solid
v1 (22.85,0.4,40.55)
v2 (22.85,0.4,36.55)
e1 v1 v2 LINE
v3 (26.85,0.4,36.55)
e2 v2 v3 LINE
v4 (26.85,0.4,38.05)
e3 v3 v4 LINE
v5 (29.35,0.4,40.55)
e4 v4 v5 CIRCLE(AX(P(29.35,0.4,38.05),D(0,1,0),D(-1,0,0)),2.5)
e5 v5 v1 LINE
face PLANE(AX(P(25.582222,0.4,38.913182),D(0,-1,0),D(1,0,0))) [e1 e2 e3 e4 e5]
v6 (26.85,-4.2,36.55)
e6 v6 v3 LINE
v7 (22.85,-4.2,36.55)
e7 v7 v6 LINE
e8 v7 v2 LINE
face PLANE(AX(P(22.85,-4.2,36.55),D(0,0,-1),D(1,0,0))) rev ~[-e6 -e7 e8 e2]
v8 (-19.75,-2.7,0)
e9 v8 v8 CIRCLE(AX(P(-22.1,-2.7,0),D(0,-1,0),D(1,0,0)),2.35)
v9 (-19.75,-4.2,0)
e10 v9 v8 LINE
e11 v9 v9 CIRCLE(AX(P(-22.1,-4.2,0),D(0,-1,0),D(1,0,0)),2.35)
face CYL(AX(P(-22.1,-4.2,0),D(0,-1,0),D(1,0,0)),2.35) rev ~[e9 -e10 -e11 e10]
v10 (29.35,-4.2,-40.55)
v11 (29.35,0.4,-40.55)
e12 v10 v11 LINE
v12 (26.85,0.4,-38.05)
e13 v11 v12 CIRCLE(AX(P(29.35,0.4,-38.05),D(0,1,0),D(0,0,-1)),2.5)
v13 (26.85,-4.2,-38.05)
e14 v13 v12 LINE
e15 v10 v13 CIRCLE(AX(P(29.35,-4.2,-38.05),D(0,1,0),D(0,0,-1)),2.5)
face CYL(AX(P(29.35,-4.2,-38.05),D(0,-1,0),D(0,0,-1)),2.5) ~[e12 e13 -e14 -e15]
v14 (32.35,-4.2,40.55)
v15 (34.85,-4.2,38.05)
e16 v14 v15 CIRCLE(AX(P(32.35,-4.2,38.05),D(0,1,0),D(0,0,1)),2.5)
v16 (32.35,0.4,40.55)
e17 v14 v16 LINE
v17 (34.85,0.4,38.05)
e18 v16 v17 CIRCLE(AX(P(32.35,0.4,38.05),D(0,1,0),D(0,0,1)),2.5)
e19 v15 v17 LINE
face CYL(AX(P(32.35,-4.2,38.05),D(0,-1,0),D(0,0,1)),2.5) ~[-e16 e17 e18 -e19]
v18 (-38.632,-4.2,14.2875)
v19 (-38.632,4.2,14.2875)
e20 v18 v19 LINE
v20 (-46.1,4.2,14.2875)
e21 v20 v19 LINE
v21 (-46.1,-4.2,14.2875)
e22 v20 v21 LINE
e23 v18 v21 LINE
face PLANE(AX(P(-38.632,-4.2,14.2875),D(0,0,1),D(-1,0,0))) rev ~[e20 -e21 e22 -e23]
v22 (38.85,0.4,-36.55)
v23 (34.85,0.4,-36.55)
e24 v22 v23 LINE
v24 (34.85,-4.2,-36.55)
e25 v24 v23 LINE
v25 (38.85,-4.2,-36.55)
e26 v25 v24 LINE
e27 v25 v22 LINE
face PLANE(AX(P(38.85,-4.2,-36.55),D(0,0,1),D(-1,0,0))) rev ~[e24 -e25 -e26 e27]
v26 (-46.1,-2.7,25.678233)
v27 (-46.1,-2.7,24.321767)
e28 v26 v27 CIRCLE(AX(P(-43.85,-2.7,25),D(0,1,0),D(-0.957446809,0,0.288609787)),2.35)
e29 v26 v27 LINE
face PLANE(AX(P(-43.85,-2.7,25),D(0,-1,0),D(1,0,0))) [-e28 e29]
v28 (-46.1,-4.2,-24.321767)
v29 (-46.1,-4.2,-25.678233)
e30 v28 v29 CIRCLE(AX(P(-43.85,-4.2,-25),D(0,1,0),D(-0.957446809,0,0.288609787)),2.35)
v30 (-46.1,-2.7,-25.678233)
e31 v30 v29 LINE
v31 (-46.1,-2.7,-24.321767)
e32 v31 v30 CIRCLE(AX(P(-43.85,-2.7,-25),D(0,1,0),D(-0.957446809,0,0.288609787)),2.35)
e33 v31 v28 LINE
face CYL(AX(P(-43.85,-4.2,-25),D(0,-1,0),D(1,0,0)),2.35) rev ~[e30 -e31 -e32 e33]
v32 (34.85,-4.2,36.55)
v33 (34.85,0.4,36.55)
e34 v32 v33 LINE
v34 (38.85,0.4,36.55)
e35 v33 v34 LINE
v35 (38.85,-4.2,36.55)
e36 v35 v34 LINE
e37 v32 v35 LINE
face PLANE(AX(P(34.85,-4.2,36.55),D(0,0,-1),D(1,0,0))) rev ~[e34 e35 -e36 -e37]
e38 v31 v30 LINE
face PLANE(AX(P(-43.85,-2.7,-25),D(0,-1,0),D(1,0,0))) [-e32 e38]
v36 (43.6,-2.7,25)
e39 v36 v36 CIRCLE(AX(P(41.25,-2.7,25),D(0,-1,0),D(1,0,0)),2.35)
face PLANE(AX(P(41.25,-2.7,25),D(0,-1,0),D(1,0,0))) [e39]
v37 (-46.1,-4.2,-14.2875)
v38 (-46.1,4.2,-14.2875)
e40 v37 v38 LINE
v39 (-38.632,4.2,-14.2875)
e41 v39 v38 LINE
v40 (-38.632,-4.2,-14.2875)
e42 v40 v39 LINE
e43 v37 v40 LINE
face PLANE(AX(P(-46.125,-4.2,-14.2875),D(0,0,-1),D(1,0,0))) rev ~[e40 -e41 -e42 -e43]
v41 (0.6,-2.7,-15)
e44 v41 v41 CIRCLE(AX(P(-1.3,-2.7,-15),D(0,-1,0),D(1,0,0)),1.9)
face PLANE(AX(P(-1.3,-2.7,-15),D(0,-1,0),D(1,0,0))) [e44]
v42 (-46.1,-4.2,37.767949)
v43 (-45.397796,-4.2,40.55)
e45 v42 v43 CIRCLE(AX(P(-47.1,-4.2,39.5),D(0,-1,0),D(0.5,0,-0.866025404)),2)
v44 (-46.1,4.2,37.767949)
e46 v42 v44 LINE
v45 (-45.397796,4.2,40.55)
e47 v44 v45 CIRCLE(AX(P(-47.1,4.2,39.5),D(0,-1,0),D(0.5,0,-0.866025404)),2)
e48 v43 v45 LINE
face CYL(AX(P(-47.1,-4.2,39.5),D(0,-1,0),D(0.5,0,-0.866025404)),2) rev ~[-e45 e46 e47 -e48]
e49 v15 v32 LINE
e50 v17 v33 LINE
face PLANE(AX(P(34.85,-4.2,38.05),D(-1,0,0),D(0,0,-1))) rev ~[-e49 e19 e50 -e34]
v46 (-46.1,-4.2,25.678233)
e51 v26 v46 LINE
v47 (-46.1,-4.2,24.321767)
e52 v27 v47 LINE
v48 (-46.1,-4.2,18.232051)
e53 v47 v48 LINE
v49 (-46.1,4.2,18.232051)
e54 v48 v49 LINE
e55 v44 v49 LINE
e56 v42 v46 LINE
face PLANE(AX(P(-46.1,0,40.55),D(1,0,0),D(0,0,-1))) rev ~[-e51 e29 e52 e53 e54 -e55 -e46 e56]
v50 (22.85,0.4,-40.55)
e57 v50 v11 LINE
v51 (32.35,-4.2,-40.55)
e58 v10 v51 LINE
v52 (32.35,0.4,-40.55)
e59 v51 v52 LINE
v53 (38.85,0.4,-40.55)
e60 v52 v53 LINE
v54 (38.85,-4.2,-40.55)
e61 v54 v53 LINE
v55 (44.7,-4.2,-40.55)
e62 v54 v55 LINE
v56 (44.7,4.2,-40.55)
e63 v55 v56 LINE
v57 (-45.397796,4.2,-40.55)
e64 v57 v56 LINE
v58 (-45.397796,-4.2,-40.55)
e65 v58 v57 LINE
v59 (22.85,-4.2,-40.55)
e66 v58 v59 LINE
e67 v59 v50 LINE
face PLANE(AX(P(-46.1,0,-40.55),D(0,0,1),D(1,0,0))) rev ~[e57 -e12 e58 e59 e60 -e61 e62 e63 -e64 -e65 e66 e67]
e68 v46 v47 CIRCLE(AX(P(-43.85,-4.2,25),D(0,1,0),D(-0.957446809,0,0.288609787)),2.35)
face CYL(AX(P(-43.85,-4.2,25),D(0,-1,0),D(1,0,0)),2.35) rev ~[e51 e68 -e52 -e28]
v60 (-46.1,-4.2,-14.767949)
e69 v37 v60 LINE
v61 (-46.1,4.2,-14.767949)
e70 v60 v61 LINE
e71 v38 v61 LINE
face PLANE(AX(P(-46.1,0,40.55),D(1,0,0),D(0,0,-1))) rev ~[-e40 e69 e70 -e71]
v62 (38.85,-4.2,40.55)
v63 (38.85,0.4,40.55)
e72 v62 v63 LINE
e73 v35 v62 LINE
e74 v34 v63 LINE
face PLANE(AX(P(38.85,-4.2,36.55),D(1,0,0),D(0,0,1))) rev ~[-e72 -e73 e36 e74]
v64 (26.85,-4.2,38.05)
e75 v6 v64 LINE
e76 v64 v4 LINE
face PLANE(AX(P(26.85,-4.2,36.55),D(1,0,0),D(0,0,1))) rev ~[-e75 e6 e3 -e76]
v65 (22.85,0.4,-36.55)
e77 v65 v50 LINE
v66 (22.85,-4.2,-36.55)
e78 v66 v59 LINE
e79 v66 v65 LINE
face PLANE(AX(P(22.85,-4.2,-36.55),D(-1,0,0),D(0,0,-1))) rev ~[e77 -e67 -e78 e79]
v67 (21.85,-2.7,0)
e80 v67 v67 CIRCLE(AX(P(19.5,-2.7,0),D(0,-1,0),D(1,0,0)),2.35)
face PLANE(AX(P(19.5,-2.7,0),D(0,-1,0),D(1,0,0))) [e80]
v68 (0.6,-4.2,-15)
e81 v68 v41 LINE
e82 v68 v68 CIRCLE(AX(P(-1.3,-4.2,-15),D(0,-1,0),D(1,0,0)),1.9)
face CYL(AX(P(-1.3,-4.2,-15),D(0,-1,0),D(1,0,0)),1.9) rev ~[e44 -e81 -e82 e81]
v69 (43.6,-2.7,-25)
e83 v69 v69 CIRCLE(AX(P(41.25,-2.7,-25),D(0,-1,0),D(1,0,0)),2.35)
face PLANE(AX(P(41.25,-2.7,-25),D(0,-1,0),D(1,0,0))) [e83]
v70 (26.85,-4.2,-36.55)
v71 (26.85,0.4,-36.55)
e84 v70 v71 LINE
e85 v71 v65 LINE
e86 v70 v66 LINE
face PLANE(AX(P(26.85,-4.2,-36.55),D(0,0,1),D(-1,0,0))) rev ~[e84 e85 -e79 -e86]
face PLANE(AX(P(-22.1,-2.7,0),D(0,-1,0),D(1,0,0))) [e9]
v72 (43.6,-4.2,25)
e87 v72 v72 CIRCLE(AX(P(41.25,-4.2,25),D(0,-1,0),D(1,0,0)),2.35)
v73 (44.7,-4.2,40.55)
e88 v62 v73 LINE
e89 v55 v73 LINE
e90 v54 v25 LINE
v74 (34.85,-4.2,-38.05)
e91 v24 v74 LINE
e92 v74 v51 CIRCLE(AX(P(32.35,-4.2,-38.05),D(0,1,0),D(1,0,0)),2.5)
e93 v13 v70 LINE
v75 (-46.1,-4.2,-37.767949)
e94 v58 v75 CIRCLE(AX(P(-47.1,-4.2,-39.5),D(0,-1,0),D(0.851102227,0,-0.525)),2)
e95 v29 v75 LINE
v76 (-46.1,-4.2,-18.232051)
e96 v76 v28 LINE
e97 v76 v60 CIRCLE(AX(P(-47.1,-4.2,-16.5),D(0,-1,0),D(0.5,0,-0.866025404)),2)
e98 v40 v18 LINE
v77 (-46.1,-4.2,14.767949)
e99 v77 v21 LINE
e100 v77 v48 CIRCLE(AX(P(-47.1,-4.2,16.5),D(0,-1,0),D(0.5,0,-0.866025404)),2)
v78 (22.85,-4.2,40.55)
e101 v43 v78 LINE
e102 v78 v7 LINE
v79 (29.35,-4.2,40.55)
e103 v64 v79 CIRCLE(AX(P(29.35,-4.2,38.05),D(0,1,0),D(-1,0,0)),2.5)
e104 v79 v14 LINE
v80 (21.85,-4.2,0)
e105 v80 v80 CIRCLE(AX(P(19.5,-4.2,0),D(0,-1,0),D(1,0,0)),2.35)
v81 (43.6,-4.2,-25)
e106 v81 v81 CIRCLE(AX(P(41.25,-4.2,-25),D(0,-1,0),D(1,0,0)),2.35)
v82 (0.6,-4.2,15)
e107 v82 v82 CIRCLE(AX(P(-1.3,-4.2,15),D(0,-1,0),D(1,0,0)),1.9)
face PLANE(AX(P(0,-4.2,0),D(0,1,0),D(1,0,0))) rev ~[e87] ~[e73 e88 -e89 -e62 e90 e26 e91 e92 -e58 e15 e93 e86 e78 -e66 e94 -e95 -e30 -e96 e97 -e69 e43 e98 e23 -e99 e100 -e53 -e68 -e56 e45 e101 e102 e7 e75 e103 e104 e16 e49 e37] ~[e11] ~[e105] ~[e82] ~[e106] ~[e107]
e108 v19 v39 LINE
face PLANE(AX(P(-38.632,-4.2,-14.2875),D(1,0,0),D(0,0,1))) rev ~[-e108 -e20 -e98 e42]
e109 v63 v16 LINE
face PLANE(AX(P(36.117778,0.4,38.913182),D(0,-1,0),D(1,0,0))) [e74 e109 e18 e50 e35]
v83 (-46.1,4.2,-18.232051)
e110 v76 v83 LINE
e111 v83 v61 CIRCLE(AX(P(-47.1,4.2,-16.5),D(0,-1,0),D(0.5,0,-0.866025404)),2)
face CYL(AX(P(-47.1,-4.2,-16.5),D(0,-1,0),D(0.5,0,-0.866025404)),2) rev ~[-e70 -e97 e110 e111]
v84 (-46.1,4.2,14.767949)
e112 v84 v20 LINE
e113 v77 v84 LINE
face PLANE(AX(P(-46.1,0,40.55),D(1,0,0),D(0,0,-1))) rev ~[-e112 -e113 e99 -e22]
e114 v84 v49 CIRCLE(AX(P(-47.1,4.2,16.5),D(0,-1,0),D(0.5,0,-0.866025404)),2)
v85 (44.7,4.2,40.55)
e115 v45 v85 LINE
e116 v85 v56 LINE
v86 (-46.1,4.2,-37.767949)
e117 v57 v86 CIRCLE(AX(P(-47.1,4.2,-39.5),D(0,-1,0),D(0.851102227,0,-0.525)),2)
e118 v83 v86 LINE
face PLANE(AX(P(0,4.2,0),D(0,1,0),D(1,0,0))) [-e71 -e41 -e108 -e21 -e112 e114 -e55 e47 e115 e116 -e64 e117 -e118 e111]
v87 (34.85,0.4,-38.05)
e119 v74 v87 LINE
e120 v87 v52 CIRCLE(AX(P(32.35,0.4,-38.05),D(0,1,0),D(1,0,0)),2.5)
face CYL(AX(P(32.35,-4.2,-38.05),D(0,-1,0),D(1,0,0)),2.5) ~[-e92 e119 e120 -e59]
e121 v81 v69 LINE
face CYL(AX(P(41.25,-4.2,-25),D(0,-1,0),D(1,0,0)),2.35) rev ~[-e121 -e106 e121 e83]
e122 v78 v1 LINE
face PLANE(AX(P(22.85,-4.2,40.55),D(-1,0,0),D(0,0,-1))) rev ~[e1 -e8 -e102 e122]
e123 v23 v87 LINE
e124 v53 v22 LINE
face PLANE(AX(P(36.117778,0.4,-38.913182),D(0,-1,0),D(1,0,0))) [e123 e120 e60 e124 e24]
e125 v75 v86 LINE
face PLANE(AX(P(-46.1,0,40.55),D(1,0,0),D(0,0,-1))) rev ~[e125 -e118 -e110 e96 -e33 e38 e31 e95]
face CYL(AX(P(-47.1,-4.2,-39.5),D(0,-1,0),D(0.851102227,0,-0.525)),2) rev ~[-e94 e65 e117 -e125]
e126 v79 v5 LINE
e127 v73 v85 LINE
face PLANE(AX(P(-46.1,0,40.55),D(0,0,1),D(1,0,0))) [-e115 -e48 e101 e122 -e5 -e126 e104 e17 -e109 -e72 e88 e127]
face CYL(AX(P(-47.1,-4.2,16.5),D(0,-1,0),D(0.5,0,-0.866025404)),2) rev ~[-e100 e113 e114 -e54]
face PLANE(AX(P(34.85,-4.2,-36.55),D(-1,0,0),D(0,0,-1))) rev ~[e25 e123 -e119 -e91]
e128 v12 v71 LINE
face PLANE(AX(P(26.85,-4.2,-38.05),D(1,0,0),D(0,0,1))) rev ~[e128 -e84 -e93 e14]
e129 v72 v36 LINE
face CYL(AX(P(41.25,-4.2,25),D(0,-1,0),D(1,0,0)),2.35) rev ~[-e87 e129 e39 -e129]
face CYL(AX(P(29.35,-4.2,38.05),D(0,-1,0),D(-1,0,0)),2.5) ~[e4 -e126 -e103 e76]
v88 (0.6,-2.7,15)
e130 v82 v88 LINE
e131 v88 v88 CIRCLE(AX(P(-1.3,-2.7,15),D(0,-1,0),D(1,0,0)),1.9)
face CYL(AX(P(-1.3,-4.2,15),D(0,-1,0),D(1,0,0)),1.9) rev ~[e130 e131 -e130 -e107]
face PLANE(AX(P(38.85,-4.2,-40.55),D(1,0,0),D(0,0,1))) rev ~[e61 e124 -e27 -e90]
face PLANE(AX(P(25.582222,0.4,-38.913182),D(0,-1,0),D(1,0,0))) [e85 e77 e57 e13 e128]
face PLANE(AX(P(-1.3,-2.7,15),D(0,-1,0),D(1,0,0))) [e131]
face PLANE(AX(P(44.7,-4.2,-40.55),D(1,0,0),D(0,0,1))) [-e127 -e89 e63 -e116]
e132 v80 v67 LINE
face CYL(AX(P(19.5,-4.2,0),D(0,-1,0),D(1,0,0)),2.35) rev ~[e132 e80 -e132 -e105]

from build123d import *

# Parameters (mm, degrees)
SKETCH1_W           = 92.2
SKETCH1_H           = 81.1
BOSS_EXTRUDE1_DEPTH = 4.2
CUT_EXTRUDE1_DEPTH  = 4.6
CUT_EXTRUDE2_DEPTH  = 9.4
CUT_EXTRUDE3_DEPTH  = 9.4
SKETCH5_R           = 2.35
SKETCH5_R_2         = 1.9
CUT_EXTRUDE4_DEPTH  = 1.5
SKETCH6_W           = 1.4
SKETCH6_H           = 81.1
CUT_EXTRUDE5_DEPTH  = 9.4


with BuildPart() as part:
    # Sketch1 → Boss-Extrude1 (new body, symmetric)
    with BuildSketch(Plane(origin=(0, 0, 0), x_dir=(1, 0, 0), z_dir=(0, 1, 0))):
        Rectangle(SKETCH1_W, SKETCH1_H)
    extrude(amount=BOSS_EXTRUDE1_DEPTH, both=True)

    # Sketch2 → Cut-Extrude1 (cut)
    with BuildSketch(Plane.XZ.offset(4.2)):
        with BuildLine():
            Line((38.85, 40.55), (34.85, 40.55))
            Line((34.85, 40.55), (32.35, 40.55))
            ThreePointArc((32.35, 40.55), (34.117766953, 39.817766953), (34.85, 38.05))
            Line((34.85, 38.05), (34.85, 36.55))
            Line((34.85, 36.55), (38.85, 36.55))
            Line((38.85, 36.55), (38.85, 40.55))
        make_face()
        with BuildLine():
            Line((22.85, 36.55), (26.85, 36.55))
            Line((26.85, 36.55), (26.85, 38.05))
            ThreePointArc((26.85, 38.05), (27.582233047, 39.817766953), (29.35, 40.55))
            Line((29.35, 40.55), (26.85, 40.55))
            Line((26.85, 40.55), (22.85, 40.55))
            Line((22.85, 40.55), (22.85, 36.55))
        make_face()
        with BuildLine():
            Line((22.85, -36.55), (22.85, -40.55))
            Line((22.85, -40.55), (29.35, -40.55))
            ThreePointArc((29.35, -40.55), (27.582233047, -39.817766953), (26.85, -38.05))
            Line((26.85, -38.05), (26.85, -36.55))
            Line((26.85, -36.55), (22.85, -36.55))
        make_face()
        with BuildLine():
            Line((34.85, -36.55), (34.85, -38.05))
            ThreePointArc((34.85, -38.05), (34.117766953, -39.817766953), (32.35, -40.55))
            Line((32.35, -40.55), (38.85, -40.55))
            Line((38.85, -40.55), (38.85, -36.55))
            Line((38.85, -36.55), (34.85, -36.55))
        make_face()
    extrude(amount=-CUT_EXTRUDE1_DEPTH, mode=Mode.SUBTRACT)

    # Sketch3 → Cut-Extrude2 (cut, through all)
    with BuildSketch(Plane.XZ.offset(4.2)):
        with BuildLine():
            Line((45, 40.55), (46.1, 40.55))
            Line((46.1, 40.55), (46.1, 34.4))
            Line((46.1, 34.4), (45.5, 34.4))
            ThreePointArc((45.5, 34.4), (45.146446609, 34.546446609), (45, 34.9))
            Line((45, 34.9), (45, 40.55))
        make_face()
        with BuildLine():
            Line((46.1, -34.4), (46.1, -40.55))
            Line((46.1, -40.55), (45, -40.55))
            Line((45, -40.55), (45, -34.9))
            ThreePointArc((45, -34.9), (45.146446609, -34.546446609), (45.5, -34.4))
            Line((45.5, -34.4), (46.1, -34.4))
        make_face()
        with BuildLine():
            Line((-46.1, -37.767949192), (-46.1, -40.55))
            Line((-46.1, -40.55), (-45.397795547, -40.55))
            ThreePointArc((-45.397795547, -40.55), (-45.160817466, -39.010539992), (-46.1, -37.767949192))
        make_face()
        with BuildLine():
            Line((-46.1, -14.767949192), (-46.1, -18.232050808))
            ThreePointArc((-46.1, -18.232050808), (-45.1, -16.5), (-46.1, -14.767949192))
        make_face()
        with BuildLine():
            Line((-46.1, 18.232050808), (-46.1, 14.767949192))
            ThreePointArc((-46.1, 14.767949192), (-45.1, 16.5), (-46.1, 18.232050808))
        make_face()
        with BuildLine():
            Line((-45.397795547, 40.55), (-46.1, 40.55))
            Line((-46.1, 40.55), (-46.1, 37.767949192))
            ThreePointArc((-46.1, 37.767949192), (-45.160817466, 39.010539992), (-45.397795547, 40.55))
        make_face()
    extrude(amount=-CUT_EXTRUDE2_DEPTH, mode=Mode.SUBTRACT)

    # Sketch4 → Cut-Extrude3 (cut, through all)
    with BuildSketch(Plane.XZ.offset(4.2)):
        Polygon((-38.632, 11.8872), (-38.632, 12.2428), (-38.632, 14.2875), (-40.537, 14.2875), (-46.125, 14.2875), (-46.125, 13.6525), (-46.125, -14.2875), (-40.537, -14.2875), (-38.632, -14.2875), (-38.632, -12.2428), (-38.632, -11.8872), align=None)
    extrude(amount=-CUT_EXTRUDE3_DEPTH, mode=Mode.SUBTRACT)

    # Sketch5 → Cut-Extrude4 (cut)
    with BuildSketch(Plane.XZ.offset(4.2)):
        with Locations((41.25, -25)):
            Circle(SKETCH5_R)
        with Locations((41.25, 25)):
            Circle(SKETCH5_R)
        with Locations((19.5, 0)):
            Circle(SKETCH5_R)
        with Locations((-1.3, 15)):
            Circle(SKETCH5_R_2)
        with Locations((-1.3, -15)):
            Circle(SKETCH5_R_2)
        with Locations((-22.1, 0)):
            Circle(SKETCH5_R)
        with Locations((-43.85, -25)):
            Circle(SKETCH5_R)
        with Locations((-43.85, 25)):
            Circle(SKETCH5_R)
    extrude(amount=-CUT_EXTRUDE4_DEPTH, mode=Mode.SUBTRACT)

    # Sketch6 → Cut-Extrude5 (cut, through all)
    with BuildSketch(Plane.XZ.offset(4.2)):
        with Locations((45.4, 0)):
            Rectangle(SKETCH6_W, SKETCH6_H)
    extrude(amount=-CUT_EXTRUDE5_DEPTH, mode=Mode.SUBTRACT)


solid = part.part
